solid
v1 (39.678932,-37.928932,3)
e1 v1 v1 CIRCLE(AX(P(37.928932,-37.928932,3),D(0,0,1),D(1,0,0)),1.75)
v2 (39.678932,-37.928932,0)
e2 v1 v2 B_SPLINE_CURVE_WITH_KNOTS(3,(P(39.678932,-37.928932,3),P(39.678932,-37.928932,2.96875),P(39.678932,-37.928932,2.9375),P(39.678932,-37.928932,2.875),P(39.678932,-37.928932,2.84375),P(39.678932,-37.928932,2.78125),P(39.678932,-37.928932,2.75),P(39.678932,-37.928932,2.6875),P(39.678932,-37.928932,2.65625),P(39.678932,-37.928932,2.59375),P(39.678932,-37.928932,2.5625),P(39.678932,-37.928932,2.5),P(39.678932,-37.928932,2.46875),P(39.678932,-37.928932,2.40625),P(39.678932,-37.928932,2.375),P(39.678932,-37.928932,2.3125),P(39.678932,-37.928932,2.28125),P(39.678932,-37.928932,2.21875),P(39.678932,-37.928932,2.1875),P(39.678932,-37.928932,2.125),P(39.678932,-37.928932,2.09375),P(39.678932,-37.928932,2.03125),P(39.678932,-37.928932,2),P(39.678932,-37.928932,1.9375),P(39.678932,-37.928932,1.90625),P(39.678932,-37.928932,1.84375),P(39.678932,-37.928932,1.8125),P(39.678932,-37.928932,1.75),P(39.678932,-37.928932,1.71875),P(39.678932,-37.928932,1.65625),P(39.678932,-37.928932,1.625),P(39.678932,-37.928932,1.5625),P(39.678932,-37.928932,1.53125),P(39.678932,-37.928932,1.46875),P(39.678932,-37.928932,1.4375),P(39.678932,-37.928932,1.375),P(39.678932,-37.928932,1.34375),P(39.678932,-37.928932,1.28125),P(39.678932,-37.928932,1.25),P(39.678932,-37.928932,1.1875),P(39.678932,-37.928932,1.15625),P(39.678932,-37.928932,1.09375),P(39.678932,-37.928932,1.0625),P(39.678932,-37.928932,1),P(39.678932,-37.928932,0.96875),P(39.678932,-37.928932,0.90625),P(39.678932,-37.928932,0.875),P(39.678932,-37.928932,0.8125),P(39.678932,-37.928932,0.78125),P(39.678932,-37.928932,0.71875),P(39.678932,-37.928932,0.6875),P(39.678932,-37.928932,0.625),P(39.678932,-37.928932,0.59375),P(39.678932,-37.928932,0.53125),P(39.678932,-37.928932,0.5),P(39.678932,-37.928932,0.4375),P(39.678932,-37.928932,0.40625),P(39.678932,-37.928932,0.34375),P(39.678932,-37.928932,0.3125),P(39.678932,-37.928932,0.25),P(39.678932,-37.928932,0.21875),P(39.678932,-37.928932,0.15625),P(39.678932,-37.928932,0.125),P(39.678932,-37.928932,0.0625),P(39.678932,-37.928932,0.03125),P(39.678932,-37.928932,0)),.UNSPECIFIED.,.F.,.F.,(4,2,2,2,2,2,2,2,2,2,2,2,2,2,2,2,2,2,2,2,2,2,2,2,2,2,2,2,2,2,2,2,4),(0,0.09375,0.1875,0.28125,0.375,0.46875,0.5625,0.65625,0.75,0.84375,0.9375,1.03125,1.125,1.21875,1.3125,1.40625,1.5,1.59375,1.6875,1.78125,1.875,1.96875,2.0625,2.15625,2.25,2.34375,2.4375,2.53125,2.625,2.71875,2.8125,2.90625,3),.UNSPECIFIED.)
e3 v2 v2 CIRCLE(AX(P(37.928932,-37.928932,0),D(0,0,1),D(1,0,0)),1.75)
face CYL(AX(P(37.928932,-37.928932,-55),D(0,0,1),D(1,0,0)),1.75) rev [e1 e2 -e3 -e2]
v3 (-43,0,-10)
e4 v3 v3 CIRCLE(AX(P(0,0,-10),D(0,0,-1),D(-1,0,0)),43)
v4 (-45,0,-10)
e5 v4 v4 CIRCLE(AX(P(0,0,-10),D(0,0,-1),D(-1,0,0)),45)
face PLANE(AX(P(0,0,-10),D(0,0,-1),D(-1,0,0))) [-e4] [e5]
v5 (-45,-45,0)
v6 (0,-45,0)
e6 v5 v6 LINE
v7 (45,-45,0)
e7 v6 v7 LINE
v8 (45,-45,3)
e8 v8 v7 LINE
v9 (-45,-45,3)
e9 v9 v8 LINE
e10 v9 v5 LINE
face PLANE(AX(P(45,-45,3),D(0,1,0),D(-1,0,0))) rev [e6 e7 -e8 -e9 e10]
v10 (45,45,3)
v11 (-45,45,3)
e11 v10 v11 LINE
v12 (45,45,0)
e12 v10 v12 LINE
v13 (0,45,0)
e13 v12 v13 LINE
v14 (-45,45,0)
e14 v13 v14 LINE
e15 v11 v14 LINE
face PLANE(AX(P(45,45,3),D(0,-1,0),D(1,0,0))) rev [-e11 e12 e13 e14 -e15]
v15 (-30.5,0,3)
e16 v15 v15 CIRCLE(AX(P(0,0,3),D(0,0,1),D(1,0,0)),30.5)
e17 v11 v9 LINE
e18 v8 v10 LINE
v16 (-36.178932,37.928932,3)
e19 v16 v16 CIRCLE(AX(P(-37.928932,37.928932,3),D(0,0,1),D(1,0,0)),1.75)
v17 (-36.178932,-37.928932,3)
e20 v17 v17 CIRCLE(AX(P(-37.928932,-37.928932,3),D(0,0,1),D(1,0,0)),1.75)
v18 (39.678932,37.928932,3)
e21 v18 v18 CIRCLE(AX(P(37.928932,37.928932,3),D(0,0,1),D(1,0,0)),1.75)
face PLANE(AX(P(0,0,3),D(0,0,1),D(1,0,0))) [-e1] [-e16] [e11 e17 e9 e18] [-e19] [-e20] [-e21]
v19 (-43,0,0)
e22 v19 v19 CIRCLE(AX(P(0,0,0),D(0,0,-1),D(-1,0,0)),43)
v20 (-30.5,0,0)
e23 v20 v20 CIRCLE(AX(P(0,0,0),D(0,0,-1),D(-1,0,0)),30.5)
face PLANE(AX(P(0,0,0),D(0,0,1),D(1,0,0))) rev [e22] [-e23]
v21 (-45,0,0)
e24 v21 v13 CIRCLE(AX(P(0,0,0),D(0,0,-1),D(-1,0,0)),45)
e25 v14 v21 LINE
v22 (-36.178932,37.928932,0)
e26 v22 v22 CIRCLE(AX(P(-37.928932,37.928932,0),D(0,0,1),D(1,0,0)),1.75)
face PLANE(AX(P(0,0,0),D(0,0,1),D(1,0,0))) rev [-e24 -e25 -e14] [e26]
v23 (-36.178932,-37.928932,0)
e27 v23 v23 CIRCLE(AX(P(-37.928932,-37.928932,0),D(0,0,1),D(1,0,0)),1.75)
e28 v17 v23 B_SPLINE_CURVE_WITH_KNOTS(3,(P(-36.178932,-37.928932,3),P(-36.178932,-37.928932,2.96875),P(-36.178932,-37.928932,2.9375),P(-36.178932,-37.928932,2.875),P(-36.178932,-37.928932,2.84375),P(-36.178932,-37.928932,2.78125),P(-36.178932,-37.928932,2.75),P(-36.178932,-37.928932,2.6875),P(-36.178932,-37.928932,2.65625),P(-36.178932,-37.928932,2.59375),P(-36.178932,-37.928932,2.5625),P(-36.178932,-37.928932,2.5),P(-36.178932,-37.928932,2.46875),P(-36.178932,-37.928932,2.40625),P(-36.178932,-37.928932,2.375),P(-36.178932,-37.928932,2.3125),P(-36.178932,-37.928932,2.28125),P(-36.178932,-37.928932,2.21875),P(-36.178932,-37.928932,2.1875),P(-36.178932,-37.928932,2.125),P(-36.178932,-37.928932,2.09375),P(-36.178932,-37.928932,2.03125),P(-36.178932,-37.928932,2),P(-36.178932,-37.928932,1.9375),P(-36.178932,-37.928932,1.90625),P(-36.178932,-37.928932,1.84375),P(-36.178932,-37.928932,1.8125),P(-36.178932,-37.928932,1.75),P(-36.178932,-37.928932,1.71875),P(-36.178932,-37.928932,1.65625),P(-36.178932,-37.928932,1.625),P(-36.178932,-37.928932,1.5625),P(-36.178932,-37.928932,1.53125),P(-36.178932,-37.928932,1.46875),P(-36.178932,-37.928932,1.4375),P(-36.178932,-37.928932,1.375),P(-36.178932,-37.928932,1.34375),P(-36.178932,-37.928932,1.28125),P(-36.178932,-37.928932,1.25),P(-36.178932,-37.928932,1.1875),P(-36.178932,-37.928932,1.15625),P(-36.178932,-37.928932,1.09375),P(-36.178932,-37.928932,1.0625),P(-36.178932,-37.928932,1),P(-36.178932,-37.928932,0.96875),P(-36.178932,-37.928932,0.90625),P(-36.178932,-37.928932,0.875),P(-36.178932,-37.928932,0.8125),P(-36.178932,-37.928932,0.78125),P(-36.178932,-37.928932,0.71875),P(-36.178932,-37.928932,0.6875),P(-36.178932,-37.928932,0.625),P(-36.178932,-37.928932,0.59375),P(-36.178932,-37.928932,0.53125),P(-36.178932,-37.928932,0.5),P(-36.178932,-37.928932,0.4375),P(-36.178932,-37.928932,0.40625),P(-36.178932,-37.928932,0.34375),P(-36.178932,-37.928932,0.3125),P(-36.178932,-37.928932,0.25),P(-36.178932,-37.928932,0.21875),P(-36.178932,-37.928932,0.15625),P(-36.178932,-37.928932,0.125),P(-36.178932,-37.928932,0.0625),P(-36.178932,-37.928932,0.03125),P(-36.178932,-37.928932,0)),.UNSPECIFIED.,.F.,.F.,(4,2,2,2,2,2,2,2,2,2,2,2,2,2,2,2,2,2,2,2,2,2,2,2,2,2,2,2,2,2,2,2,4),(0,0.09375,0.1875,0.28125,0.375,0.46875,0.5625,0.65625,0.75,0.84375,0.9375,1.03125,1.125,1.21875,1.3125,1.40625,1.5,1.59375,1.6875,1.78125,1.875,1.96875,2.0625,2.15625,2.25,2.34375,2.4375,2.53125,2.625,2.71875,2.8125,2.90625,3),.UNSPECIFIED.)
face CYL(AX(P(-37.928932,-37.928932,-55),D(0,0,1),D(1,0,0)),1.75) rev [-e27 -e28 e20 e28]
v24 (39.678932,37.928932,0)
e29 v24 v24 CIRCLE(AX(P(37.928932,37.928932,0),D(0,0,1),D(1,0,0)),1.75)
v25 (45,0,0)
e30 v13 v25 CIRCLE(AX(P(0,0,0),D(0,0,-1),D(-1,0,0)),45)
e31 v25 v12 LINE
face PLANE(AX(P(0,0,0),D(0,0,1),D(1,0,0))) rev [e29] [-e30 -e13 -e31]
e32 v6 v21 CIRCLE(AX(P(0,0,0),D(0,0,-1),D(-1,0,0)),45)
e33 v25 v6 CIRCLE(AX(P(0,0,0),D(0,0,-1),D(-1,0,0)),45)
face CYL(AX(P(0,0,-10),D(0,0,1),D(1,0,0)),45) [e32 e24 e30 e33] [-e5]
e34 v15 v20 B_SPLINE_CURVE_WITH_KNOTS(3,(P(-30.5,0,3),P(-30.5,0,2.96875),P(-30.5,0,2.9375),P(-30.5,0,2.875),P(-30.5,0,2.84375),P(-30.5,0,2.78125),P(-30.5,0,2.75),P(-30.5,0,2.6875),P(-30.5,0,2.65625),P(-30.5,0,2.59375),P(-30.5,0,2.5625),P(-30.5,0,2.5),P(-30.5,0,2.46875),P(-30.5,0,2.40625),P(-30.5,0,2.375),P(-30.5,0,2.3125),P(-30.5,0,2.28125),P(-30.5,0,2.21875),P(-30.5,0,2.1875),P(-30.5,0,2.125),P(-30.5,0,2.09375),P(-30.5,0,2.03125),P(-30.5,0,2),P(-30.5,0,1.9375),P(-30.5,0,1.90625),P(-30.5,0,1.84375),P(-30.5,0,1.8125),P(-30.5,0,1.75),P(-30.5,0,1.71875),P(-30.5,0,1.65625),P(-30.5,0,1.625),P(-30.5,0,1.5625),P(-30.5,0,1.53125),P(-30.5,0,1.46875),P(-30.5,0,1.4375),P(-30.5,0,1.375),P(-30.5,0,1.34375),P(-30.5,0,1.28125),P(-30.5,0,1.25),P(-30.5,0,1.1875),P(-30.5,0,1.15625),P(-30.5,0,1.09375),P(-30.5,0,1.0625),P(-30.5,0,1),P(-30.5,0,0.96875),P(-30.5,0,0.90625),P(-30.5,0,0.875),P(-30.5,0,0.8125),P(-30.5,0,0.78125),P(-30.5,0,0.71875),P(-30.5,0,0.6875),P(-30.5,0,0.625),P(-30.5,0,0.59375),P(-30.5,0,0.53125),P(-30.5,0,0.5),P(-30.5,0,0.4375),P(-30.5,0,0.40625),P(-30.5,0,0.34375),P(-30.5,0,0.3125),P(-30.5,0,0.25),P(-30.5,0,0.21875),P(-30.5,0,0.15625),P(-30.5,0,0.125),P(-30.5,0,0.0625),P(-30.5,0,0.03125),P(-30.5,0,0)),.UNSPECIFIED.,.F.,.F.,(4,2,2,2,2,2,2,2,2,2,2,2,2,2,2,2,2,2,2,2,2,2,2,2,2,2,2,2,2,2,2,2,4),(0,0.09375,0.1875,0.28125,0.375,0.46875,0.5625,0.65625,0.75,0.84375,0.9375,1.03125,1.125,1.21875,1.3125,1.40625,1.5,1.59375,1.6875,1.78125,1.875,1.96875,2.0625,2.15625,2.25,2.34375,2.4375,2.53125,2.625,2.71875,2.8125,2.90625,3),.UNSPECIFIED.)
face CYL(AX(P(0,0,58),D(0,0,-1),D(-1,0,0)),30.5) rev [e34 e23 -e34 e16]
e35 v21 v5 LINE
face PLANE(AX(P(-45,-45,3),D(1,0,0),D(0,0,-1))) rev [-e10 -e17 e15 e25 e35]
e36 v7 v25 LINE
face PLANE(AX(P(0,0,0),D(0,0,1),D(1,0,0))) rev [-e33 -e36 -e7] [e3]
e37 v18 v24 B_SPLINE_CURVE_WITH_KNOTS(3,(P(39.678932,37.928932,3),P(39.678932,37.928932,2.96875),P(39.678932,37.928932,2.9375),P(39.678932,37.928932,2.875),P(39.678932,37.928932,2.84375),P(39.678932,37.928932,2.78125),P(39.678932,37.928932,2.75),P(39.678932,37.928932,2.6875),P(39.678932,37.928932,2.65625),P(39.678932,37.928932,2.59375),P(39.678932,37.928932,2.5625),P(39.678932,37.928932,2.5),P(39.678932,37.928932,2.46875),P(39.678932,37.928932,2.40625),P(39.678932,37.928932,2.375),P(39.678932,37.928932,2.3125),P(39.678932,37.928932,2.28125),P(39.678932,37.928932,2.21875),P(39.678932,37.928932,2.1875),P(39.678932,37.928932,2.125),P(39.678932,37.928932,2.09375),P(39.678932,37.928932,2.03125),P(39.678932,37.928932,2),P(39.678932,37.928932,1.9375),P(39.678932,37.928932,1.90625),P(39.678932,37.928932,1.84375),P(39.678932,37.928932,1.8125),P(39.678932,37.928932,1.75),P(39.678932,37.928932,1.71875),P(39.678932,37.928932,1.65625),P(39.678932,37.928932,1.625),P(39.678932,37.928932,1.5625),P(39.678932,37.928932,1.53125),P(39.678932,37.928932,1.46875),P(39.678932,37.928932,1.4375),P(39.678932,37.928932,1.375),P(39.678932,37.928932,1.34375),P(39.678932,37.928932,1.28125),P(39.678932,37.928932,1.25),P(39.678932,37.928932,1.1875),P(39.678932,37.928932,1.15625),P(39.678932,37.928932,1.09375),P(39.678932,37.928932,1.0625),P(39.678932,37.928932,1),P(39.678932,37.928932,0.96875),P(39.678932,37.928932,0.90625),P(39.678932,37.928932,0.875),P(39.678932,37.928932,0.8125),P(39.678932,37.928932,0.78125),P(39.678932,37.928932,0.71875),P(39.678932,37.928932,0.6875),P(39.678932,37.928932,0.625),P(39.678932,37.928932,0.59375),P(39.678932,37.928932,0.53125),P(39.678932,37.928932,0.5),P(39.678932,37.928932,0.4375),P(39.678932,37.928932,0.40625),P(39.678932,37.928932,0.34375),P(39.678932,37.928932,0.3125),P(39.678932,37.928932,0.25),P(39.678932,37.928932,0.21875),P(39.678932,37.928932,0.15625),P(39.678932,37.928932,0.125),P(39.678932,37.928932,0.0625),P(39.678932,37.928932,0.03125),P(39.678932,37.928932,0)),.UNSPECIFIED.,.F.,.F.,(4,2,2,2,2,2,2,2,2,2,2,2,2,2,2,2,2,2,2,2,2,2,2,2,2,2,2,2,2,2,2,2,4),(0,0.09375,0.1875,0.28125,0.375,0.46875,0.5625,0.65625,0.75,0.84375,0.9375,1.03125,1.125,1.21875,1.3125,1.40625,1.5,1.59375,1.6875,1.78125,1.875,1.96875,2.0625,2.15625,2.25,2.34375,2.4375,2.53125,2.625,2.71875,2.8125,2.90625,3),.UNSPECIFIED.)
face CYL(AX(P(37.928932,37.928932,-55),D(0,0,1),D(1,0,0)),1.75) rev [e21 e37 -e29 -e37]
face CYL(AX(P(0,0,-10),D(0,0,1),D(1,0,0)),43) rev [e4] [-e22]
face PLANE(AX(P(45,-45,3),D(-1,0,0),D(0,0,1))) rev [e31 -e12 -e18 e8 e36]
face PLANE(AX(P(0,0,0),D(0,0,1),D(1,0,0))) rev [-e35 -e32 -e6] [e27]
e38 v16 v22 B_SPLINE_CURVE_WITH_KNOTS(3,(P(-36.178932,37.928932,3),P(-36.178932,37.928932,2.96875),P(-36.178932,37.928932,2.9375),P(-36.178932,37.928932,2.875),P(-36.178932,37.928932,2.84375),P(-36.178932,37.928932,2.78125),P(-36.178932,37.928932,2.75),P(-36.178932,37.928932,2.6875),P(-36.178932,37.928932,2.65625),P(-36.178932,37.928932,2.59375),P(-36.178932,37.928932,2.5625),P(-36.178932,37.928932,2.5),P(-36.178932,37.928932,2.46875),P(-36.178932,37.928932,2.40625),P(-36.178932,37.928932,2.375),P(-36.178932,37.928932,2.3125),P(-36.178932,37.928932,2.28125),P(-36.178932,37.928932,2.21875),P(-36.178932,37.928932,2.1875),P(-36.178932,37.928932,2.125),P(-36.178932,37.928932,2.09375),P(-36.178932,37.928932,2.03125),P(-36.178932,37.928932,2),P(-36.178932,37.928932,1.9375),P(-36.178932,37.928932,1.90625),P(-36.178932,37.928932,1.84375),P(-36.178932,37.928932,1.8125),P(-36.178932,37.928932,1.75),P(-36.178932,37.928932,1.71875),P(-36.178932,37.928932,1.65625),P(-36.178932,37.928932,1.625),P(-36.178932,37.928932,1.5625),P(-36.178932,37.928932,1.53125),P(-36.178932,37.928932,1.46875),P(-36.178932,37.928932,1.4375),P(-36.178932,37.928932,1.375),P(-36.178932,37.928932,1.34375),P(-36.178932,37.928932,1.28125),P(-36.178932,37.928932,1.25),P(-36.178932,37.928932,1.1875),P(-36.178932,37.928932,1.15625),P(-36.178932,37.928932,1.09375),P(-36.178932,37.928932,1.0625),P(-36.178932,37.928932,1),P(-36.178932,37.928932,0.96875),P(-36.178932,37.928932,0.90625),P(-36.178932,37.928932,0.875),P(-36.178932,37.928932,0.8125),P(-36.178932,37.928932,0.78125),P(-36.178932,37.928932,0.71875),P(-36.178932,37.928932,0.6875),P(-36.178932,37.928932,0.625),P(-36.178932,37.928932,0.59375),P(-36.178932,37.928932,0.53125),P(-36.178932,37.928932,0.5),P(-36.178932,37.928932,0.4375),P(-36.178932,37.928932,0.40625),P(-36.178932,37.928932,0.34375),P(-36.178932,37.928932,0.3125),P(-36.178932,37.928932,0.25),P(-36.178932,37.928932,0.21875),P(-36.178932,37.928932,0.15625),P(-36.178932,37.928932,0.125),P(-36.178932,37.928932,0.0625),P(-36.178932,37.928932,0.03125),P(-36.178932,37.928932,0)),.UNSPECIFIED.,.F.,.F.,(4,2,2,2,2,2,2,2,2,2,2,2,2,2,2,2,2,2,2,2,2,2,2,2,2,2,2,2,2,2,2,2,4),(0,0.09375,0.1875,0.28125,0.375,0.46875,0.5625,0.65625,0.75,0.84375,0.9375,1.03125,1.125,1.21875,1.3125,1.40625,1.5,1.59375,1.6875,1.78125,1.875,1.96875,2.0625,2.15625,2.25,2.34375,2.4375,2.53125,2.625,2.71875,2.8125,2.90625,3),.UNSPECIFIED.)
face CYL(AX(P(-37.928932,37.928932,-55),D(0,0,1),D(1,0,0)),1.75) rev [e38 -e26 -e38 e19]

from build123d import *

# Parameters (mm, degrees)
SKETCH1_W           = 90
SKETCH1_H           = 90
BOSS_EXTRUDE1_DEPTH = 3
SKETCH9_R           = 45
SKETCH9_R_2         = 43
BOSS_EXTRUDE4_DEPTH = 10
SKETCH11_R          = 30.5
CUT_EXTRUDE9_DEPTH  = 58
SKETCH14_R          = 1.75
CUT_EXTRUDE10_DEPTH = 58


with BuildPart() as part:
    # Sketch1 → Boss-Extrude1 (new body)
    with BuildSketch(Plane.XY):
        Rectangle(SKETCH1_W, SKETCH1_H)
    extrude(amount=BOSS_EXTRUDE1_DEPTH)

    # Sketch9 → Boss-Extrude4 (add)
    with BuildSketch(Plane(origin=(0, 0, 0), x_dir=(-1, 0, 0), z_dir=(0, 0, -1))):
        Circle(SKETCH9_R)
        Circle(SKETCH9_R_2, mode=Mode.SUBTRACT)
    extrude(amount=BOSS_EXTRUDE4_DEPTH)

    # Sketch11 → Cut-Extrude9 (cut)
    with BuildSketch(Plane(origin=(0, 0, 0), x_dir=(-1, 0, 0), z_dir=(0, 0, -1))):
        Circle(SKETCH11_R)
    extrude(amount=-CUT_EXTRUDE9_DEPTH, mode=Mode.SUBTRACT)

    # Sketch14 → Cut-Extrude10 (cut)
    with BuildSketch(Plane.XY.offset(3)):
        with Locations((-37.928932188, 37.928932188)):
            Circle(SKETCH14_R)
        with Locations((37.928932188, 37.928932188)):
            Circle(SKETCH14_R)
        with Locations((37.928932188, -37.928932188)):
            Circle(SKETCH14_R)
        with Locations((-37.928932188, -37.928932188)):
            Circle(SKETCH14_R)
    extrude(amount=-CUT_EXTRUDE10_DEPTH, mode=Mode.SUBTRACT)


solid = part.part
